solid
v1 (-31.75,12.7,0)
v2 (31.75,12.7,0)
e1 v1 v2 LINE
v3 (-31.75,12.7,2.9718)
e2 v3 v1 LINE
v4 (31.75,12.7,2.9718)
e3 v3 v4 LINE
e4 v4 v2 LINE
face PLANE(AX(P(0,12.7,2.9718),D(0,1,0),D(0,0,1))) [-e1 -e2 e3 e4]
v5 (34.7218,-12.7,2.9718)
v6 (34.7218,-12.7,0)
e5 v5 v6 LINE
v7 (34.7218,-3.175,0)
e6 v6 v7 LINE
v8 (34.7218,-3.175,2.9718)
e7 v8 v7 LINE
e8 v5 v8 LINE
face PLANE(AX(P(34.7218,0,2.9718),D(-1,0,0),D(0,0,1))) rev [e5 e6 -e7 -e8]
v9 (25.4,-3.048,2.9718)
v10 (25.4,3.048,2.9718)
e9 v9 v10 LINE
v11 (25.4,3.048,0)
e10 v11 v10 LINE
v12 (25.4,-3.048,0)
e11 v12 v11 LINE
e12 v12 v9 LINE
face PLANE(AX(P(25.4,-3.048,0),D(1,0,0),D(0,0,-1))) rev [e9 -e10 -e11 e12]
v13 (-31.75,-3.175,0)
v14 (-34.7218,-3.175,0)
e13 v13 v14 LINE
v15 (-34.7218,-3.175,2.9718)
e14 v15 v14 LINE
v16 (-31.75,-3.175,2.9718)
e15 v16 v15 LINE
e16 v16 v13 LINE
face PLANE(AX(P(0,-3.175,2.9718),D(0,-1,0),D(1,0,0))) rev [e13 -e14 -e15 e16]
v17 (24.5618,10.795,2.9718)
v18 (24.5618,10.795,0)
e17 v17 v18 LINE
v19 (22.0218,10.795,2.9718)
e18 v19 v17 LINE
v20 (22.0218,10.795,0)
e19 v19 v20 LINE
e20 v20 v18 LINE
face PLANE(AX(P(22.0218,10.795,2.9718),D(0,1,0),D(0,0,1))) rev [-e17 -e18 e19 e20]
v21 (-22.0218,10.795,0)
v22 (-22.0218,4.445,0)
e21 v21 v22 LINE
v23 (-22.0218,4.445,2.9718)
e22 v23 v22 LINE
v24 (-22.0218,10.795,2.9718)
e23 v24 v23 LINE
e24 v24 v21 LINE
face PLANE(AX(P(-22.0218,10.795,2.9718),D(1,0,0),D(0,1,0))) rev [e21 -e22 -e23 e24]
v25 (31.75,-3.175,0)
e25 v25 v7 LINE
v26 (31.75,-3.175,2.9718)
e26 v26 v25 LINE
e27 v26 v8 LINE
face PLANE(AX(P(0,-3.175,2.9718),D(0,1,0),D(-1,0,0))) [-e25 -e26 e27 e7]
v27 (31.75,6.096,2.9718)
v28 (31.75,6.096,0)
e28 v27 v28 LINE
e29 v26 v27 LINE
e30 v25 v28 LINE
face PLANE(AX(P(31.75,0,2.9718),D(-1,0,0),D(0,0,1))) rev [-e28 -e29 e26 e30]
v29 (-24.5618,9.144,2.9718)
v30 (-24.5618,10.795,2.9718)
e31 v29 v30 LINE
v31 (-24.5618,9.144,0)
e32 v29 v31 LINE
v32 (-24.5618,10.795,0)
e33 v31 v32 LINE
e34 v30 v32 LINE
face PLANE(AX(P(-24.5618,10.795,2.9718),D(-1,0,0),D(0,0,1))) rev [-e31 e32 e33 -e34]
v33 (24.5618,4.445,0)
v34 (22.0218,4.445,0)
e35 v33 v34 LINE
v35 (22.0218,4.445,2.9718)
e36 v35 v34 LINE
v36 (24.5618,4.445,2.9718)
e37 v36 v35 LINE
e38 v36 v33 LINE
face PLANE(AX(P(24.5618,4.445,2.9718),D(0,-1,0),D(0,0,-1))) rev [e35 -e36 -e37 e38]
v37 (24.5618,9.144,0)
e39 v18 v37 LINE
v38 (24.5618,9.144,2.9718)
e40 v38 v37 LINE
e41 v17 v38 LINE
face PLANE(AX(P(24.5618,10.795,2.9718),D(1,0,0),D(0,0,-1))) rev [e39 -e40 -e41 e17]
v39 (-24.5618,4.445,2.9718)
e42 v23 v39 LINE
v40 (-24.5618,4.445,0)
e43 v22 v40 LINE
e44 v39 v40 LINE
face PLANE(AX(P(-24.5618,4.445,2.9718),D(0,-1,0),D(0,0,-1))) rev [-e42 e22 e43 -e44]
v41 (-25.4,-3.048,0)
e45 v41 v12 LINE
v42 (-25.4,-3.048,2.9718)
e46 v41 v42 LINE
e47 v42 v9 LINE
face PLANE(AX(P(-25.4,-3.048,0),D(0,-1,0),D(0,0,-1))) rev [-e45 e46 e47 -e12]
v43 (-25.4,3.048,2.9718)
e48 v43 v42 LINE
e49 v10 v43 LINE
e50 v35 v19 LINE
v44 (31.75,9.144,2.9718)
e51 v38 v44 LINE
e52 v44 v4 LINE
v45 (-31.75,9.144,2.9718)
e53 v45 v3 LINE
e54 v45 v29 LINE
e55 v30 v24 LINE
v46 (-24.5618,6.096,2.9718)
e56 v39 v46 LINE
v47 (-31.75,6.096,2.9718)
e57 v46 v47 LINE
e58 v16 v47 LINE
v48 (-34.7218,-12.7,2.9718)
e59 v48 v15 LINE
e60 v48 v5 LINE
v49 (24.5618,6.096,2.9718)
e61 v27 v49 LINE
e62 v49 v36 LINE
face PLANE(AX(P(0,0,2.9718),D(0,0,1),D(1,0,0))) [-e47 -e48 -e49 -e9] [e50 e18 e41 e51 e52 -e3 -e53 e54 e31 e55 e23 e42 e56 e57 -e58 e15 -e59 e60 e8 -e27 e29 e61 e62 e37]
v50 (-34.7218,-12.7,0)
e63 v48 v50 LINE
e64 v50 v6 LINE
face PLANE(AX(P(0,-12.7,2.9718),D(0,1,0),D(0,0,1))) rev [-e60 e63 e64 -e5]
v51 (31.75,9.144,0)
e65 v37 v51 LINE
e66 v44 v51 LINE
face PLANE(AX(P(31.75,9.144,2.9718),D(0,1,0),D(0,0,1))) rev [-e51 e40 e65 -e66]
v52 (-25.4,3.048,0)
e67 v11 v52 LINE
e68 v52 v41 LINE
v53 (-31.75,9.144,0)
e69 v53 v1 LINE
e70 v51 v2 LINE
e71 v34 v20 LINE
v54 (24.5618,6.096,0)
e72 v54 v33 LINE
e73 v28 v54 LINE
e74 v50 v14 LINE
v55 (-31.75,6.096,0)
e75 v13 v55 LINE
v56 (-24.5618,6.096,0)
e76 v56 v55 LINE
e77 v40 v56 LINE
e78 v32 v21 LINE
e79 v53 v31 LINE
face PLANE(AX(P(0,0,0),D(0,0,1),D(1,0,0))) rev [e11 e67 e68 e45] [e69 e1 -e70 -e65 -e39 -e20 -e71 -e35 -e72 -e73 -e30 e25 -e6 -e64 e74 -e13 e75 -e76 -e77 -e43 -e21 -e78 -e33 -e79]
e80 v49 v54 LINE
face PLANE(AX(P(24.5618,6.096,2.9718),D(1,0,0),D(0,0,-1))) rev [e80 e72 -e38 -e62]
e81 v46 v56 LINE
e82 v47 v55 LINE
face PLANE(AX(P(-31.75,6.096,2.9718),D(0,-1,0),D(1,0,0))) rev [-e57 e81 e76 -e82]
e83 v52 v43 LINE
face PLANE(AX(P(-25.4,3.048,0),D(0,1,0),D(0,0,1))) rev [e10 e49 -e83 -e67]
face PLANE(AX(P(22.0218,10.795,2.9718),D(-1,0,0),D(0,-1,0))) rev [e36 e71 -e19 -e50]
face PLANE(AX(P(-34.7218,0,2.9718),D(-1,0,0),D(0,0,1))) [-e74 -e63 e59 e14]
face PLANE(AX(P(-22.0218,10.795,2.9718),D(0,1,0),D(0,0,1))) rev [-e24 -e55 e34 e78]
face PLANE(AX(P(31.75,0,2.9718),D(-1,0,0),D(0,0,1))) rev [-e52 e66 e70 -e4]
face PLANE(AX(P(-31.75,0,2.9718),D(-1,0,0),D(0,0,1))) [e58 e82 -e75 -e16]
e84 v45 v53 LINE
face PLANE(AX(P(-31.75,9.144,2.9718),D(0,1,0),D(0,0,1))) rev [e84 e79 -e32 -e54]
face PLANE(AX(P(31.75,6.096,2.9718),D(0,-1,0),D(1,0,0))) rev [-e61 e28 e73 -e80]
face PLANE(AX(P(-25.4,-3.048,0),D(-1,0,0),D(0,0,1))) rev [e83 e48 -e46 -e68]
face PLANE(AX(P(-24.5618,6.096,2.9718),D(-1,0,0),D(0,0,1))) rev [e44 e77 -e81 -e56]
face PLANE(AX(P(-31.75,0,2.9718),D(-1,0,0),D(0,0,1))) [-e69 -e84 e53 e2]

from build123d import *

# Parameters (mm, degrees)
SKETCH1_W           = 63.5
SKETCH1_H           = 25.4
SKETCH1_W_2         = 2.9718
SKETCH1_H_2         = 9.525
BOSS_EXTRUDE1_DEPTH = 2.9718
SKETCH2_W           = 50.8
SKETCH2_H           = 6.096
CUT_EXTRUDE1_DEPTH  = 3.9718
CUT_EXTRUDE2_DEPTH  = 3.9718


with BuildPart() as part:
    # Sketch1 → Boss-Extrude1 (new body)
    with BuildSketch(Plane.XY):
        Rectangle(SKETCH1_W, SKETCH1_H)
        with Locations((-33.2359, -7.9375)):
            Rectangle(SKETCH1_W_2, SKETCH1_H_2)
        with Locations((33.2359, -7.9375)):
            Rectangle(SKETCH1_W_2, SKETCH1_H_2)
    extrude(amount=BOSS_EXTRUDE1_DEPTH)

    # Sketch2 → Cut-Extrude1 (cut, through all)
    with BuildSketch(Plane.XY.offset(2.9718)):
        Rectangle(SKETCH2_W, SKETCH2_H)
    extrude(amount=-CUT_EXTRUDE1_DEPTH, mode=Mode.SUBTRACT)

    # Sketch3 → Cut-Extrude2 (cut, through all)
    with BuildSketch(Plane(origin=(0, 0, 0), x_dir=(-1, 0, 0), z_dir=(0, 0, -1))):
        Polygon((22.0218, 10.795), (22.0218, 4.445), (24.5618, 4.445), (24.5618, 6.096), (31.75, 6.096), (31.75, 9.144), (24.5618, 9.144), (24.5618, 10.795), align=None)
        Polygon((-31.75, 9.144), (-31.75, 6.096), (-24.5618, 6.096), (-24.5618, 4.445), (-22.0218, 4.445), (-22.0218, 10.795), (-24.5618, 10.795), (-24.5618, 9.144), align=None)
    extrude(amount=-CUT_EXTRUDE2_DEPTH, mode=Mode.SUBTRACT)


solid = part.part
